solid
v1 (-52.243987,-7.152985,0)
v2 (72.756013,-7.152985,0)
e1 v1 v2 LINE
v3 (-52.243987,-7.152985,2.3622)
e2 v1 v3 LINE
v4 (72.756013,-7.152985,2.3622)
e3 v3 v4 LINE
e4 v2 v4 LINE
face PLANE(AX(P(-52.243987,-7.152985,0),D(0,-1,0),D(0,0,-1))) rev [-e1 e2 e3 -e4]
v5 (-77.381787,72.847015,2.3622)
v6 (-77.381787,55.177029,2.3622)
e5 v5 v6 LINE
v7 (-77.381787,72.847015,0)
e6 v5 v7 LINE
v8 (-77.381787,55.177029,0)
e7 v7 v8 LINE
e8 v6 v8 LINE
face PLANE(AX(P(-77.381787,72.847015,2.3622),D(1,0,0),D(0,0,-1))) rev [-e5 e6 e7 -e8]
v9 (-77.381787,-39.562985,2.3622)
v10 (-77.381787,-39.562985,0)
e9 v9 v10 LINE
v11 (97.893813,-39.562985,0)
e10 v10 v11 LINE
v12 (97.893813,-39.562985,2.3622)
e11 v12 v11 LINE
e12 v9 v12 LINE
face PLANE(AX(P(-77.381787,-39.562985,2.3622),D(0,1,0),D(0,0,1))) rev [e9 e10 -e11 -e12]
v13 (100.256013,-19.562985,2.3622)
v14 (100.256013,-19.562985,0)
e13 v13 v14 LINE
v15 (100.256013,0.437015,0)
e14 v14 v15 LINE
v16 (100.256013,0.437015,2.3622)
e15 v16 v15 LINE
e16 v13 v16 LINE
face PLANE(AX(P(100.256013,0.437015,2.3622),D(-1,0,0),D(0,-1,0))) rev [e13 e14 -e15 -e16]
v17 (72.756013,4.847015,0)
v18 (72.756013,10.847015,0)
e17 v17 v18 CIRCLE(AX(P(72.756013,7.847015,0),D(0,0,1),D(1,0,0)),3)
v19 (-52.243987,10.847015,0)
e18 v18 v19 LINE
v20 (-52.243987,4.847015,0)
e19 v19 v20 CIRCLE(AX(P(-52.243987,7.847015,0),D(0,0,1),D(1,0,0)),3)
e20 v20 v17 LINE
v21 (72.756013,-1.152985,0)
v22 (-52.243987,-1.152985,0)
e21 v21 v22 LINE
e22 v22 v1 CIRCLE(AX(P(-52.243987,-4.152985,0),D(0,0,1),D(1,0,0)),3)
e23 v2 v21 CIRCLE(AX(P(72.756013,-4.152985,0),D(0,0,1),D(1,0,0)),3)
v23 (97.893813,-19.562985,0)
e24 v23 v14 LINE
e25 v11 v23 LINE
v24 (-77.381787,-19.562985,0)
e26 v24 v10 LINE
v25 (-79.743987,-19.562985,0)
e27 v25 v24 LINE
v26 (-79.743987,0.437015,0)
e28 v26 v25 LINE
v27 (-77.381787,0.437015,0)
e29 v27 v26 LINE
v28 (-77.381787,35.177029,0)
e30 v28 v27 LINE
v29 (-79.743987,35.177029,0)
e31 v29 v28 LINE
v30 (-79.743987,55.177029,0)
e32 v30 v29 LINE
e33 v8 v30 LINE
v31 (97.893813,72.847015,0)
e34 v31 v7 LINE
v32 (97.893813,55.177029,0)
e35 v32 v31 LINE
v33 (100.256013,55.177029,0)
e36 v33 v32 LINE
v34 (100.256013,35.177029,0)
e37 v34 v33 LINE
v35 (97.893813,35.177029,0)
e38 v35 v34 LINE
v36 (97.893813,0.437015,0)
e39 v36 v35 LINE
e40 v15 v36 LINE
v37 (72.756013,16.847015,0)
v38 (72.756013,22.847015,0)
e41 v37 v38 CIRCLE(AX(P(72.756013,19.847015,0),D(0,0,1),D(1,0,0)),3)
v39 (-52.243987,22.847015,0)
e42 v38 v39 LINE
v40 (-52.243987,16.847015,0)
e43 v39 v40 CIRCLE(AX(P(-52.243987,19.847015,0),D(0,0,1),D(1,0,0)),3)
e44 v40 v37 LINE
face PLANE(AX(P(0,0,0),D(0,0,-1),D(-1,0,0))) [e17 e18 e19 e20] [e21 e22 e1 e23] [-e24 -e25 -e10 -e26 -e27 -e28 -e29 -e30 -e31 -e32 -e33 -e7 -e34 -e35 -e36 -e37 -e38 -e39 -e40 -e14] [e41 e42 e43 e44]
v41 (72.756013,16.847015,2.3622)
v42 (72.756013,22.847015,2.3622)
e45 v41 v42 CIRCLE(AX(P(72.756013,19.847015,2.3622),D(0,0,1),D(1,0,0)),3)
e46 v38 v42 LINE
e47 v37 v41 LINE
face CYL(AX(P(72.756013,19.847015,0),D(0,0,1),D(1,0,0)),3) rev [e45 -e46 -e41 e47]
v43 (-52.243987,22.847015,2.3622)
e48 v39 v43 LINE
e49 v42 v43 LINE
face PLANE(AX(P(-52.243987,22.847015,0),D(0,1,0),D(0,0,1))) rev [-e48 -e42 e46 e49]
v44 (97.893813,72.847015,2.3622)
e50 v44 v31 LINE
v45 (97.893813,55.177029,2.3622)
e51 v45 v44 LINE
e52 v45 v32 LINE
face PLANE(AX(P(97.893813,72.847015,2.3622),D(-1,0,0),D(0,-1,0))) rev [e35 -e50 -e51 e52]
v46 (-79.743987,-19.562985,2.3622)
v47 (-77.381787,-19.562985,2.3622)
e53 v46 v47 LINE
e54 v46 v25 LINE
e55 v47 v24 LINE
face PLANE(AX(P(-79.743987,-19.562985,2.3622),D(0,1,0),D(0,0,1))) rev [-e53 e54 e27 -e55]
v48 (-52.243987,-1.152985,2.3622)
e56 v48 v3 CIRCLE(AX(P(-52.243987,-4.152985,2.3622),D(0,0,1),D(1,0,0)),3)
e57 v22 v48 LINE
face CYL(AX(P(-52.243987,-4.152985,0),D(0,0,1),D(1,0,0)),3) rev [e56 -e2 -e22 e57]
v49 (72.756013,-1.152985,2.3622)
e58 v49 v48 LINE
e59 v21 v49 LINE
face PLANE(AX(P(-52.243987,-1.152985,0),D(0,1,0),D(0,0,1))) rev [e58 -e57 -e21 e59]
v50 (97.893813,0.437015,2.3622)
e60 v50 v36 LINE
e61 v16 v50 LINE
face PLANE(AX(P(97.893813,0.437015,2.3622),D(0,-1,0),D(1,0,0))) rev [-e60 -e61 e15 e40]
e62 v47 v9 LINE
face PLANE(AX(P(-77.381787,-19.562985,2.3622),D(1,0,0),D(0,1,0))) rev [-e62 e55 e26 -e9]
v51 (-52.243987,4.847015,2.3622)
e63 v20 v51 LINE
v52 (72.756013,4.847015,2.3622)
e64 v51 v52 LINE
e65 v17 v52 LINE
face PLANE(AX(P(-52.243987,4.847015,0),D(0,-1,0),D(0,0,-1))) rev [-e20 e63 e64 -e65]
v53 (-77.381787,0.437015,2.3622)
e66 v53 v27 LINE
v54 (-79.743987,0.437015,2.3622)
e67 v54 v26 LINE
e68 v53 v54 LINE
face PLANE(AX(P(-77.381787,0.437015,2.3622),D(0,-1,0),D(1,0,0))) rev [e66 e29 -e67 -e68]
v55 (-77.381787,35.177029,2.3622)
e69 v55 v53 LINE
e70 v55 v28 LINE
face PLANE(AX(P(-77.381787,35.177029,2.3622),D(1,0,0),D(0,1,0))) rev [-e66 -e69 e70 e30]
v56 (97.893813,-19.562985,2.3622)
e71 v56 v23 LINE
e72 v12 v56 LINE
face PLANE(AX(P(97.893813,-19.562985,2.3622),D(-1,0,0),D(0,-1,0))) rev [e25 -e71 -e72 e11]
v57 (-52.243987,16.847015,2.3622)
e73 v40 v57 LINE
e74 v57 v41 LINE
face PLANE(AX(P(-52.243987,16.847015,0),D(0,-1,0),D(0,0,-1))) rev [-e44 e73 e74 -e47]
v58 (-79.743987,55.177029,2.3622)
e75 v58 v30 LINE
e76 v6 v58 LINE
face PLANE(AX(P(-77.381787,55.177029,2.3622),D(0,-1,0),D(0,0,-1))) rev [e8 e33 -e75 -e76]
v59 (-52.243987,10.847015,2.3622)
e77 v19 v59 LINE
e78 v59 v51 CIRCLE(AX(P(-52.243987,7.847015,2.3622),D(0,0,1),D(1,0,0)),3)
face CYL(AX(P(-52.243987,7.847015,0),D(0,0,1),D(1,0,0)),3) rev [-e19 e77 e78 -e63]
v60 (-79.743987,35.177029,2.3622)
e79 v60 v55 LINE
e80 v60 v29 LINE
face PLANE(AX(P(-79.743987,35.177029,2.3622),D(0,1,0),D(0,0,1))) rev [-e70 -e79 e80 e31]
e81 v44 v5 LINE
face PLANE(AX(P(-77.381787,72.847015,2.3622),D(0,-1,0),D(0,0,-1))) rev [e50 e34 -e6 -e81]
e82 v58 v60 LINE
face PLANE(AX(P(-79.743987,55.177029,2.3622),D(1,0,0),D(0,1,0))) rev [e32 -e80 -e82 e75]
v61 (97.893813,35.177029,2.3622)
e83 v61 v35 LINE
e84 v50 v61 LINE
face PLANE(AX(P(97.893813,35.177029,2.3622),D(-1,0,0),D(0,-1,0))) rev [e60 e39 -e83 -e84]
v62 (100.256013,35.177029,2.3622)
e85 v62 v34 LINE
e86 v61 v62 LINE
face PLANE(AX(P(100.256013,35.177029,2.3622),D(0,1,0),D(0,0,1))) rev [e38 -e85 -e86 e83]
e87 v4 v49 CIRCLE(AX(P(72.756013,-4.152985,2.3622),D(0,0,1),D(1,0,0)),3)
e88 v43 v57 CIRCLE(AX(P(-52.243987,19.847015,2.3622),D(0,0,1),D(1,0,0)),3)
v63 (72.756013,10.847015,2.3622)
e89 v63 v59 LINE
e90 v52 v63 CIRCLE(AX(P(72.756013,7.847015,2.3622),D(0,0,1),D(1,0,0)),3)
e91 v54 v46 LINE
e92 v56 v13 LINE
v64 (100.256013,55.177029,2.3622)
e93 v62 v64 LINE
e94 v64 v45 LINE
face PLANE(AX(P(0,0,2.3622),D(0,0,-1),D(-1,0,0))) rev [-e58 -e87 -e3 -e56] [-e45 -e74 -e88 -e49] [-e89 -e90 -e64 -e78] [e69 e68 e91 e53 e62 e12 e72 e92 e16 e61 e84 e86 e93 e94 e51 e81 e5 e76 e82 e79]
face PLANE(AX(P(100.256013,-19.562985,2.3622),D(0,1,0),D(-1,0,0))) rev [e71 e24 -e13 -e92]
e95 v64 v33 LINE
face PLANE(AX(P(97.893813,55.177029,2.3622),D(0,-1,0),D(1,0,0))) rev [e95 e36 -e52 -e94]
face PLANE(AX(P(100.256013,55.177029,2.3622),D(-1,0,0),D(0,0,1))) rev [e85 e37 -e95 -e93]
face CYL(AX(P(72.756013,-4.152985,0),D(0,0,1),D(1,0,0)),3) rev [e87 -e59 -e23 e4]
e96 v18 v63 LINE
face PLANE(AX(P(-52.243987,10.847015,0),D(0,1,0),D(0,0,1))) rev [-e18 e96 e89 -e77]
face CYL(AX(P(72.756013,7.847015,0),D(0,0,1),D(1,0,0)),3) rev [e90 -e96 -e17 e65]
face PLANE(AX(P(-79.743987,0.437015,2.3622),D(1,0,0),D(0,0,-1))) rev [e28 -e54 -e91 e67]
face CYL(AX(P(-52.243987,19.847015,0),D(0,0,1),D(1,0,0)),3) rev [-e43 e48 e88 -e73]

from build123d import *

# Parameters (mm, degrees)
BOSS_EXTRUDE1_DEPTH = 2.3622
CUT_EXTRUDE1_DEPTH  = 124.949730405


with BuildPart() as part:
    # Sketch1 → Boss-Extrude1 (new body)
    with BuildSketch(Plane.XY):
        Polygon((-77.381787364, 72.847015101), (-77.381787364, 55.177029121), (-79.743987364, 55.177029121), (-79.743987364, 35.177029121), (-77.381787364, 35.177029121), (-77.381787364, 0.437015101), (-79.743987364, 0.437015101), (-79.743987364, -19.562984899), (-77.381787364, -19.562984899), (-77.381787364, -39.562984899), (97.893812636, -39.562984899), (97.893812636, -19.562984899), (100.256012636, -19.562984899), (100.256012636, 0.437015101), (97.893812636, 0.437015101), (97.893812636, 35.177029121), (100.256012636, 35.177029121), (100.256012636, 55.177029121), (97.893812636, 55.177029121), (97.893812636, 72.847015101), align=None)
    extrude(amount=BOSS_EXTRUDE1_DEPTH)

    # Sketch2 → Cut-Extrude1 (cut, through all)
    with BuildSketch(Plane.XY.offset(2.3622)):
        with BuildLine():
            Line((-52.243987364, 22.847015101), (72.756012636, 22.847015101))
            ThreePointArc((72.756012636, 22.847015101), (75.756012636, 19.847015101), (72.756012636, 16.847015101))
            Line((72.756012636, 16.847015101), (-52.243987364, 16.847015101))
            ThreePointArc((-52.243987364, 16.847015101), (-55.243987364, 19.847015101), (-52.243987364, 22.847015101))
        make_face()
        with BuildLine():
            Line((-52.243987364, 10.847015101), (72.756012636, 10.847015101))
            ThreePointArc((72.756012636, 10.847015101), (75.756012636, 7.847015101), (72.756012636, 4.847015101))
            Line((72.756012636, 4.847015101), (-52.243987364, 4.847015101))
            ThreePointArc((-52.243987364, 4.847015101), (-55.243987364, 7.847015101), (-52.243987364, 10.847015101))
        make_face()
        with BuildLine():
            Line((-52.243987364, -1.152984899), (72.756012636, -1.152984899))
            ThreePointArc((72.756012636, -1.152984899), (75.756012636, -4.152984899), (72.756012636, -7.152984899))
            Line((72.756012636, -7.152984899), (-52.243987364, -7.152984899))
            ThreePointArc((-52.243987364, -7.152984899), (-55.243987364, -4.152984899), (-52.243987364, -1.152984899))
        make_face()
    extrude(amount=-CUT_EXTRUDE1_DEPTH, mode=Mode.SUBTRACT)


solid = part.part
